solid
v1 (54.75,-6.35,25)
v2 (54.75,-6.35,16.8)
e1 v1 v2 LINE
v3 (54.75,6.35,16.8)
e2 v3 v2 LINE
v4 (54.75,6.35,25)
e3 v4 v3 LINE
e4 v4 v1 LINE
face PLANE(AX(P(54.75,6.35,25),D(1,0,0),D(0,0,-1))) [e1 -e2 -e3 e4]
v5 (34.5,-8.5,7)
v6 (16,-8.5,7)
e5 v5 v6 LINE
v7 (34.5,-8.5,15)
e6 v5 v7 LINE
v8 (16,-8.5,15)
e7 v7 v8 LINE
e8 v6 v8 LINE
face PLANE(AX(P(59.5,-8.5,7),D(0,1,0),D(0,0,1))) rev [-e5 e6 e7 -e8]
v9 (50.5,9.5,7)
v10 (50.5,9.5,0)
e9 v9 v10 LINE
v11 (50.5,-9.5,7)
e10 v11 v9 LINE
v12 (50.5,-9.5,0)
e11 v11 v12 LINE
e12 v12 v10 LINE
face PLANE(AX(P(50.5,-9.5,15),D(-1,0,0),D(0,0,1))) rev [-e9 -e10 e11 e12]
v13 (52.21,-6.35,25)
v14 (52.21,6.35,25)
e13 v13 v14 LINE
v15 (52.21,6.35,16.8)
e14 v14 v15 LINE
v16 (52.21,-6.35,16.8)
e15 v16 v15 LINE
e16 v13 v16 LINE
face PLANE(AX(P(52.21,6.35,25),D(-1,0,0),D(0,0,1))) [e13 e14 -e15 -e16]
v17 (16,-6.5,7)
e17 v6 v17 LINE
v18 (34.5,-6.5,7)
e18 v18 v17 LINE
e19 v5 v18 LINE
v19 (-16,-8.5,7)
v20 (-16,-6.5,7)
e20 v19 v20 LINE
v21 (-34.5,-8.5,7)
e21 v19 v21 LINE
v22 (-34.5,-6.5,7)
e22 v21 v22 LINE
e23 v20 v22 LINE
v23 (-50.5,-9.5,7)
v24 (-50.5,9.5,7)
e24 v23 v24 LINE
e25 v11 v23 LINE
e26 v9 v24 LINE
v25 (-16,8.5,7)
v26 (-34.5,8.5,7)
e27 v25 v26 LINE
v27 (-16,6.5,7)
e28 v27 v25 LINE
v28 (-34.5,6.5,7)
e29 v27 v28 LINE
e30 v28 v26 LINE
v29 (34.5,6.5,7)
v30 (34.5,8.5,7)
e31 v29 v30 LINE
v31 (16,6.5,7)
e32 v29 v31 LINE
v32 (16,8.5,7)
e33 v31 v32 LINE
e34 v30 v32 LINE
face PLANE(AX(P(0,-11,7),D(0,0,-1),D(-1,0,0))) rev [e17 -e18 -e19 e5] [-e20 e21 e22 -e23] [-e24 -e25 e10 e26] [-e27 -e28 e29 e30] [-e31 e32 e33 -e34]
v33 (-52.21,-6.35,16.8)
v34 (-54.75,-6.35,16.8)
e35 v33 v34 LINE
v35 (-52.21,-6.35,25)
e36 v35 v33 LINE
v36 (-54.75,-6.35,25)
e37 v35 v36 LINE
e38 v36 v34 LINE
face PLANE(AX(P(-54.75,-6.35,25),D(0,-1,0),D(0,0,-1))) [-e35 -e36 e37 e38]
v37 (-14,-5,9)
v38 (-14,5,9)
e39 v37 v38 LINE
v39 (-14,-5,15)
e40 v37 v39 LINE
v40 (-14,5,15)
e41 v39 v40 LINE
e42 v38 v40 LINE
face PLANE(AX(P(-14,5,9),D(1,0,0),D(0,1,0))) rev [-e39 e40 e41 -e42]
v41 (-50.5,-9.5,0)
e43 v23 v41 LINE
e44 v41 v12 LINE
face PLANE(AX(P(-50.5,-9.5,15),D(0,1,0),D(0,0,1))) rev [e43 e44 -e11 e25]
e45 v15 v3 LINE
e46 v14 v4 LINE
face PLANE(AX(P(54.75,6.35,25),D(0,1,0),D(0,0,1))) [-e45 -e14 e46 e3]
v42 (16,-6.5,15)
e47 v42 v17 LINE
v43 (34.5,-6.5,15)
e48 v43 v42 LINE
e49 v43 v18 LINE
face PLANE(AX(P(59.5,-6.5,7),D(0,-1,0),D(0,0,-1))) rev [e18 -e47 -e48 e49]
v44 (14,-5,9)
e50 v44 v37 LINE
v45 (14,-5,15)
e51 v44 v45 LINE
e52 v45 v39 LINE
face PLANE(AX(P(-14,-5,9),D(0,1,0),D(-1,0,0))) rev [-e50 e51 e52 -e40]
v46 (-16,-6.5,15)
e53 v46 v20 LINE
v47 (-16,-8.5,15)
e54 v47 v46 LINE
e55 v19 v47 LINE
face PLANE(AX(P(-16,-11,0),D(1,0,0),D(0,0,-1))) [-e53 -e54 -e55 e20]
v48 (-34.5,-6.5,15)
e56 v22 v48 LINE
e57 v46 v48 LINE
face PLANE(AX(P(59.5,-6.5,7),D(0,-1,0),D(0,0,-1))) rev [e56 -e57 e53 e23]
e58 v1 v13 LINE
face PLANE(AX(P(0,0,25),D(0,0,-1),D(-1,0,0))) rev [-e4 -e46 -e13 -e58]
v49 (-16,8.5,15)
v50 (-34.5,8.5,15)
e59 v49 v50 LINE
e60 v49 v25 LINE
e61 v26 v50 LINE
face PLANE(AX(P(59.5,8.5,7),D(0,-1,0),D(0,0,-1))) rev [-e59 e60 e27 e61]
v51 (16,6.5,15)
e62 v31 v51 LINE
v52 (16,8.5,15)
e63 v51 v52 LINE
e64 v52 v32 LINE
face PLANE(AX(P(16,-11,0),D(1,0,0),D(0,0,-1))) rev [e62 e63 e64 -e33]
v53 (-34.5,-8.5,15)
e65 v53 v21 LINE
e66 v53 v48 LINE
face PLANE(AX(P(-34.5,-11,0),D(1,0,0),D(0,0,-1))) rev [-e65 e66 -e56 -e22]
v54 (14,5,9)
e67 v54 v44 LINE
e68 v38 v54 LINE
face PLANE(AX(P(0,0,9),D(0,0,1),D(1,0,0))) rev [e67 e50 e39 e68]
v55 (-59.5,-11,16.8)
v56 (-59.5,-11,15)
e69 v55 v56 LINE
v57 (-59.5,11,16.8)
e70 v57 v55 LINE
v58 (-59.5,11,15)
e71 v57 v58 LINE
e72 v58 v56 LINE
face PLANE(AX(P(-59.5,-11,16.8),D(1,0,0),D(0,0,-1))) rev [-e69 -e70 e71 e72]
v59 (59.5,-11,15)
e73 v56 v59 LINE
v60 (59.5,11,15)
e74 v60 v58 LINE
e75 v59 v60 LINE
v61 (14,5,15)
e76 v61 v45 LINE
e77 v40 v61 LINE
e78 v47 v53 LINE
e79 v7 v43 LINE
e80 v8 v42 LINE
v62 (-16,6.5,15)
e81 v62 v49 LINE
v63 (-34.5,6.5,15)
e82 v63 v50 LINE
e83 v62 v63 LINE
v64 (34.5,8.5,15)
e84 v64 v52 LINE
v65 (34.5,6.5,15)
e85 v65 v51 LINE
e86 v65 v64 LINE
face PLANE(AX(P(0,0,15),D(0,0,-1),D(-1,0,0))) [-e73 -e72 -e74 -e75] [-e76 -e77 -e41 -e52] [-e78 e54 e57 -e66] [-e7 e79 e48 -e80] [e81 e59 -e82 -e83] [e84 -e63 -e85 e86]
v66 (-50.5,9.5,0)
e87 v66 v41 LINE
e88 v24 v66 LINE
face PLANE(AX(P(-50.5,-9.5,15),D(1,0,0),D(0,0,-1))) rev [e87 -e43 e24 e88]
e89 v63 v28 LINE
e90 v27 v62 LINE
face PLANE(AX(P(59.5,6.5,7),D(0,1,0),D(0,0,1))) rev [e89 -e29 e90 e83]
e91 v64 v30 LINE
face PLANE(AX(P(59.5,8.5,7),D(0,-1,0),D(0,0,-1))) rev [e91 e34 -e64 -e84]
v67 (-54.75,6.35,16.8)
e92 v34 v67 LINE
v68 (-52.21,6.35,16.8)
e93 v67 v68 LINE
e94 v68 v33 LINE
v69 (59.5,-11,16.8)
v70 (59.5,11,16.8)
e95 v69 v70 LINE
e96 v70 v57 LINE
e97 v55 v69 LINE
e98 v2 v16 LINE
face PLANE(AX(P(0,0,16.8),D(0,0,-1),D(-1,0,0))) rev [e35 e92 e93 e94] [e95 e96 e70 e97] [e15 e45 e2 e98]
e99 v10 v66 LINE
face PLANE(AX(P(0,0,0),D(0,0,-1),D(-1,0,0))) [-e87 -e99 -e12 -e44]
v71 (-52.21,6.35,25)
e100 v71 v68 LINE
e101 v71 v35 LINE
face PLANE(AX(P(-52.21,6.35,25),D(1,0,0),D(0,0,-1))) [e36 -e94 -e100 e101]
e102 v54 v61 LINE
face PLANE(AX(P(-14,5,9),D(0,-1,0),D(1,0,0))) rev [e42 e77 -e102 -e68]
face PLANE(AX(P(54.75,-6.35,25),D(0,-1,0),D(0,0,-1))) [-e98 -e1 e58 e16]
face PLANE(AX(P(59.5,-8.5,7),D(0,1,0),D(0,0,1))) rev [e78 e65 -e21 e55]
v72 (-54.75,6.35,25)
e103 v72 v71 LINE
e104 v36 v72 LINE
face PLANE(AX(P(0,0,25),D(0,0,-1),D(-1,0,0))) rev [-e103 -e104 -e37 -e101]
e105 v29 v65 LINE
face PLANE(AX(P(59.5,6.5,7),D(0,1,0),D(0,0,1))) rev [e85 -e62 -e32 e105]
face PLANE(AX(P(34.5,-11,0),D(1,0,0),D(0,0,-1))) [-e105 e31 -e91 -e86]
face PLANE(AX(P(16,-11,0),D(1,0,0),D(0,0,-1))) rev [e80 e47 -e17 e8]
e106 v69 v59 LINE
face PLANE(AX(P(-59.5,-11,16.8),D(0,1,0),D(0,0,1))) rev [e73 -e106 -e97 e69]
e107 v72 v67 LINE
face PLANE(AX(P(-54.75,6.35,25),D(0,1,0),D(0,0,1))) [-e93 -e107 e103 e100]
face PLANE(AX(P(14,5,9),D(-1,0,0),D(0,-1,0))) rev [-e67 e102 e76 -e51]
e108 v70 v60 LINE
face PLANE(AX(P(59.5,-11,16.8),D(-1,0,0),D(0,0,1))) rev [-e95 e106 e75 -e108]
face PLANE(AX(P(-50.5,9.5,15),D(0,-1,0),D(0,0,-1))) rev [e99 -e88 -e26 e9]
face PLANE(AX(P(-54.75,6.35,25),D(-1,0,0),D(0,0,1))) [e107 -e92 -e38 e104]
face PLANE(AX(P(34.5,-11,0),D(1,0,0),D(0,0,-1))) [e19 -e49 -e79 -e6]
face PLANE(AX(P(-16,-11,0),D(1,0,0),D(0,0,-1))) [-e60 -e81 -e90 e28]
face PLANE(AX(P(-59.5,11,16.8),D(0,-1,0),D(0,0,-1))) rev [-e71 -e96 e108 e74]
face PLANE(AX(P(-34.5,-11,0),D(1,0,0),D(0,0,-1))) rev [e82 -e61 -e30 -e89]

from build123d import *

# Parameters (mm, degrees)
ESQUISSE1_W             = 101
ESQUISSE1_H             = 19
BOSS_EXTRU_1_DEPTH      = 15
ESQUISSE2_W             = 119
ESQUISSE2_H             = 22
BOSS_EXTRU_2_DEPTH      = 1.8
ESQUISSE3_W             = 16
ESQUISSE3_H             = 8
ENL_V_MAT_EXTRU_1_DEPTH = 66.136318594
ESQUISSE4_W             = 8
ESQUISSE4_H             = 1
ESQUISSE4_H_2           = 13
ENL_V_MAT_EXTRU_2_DEPTH = 97.120965455
ESQUISSE5_W             = 28
ESQUISSE5_H             = 10
BOSS_EXTRU_3_DEPTH      = 6
ESQUISSE7_W             = 2.54
ESQUISSE7_H             = 12.7
BOSS_EXTRU_4_DEPTH      = 10


with BuildPart() as part:
    # Esquisse1 → Boss.-Extru.1 (new body)
    with BuildSketch(Plane.XY):
        Rectangle(ESQUISSE1_W, ESQUISSE1_H)
    extrude(amount=BOSS_EXTRU_1_DEPTH)

    # Esquisse2 → Boss.-Extru.2 (add)
    with BuildSketch(Plane.XY.offset(15)):
        Rectangle(ESQUISSE2_W, ESQUISSE2_H)
    extrude(amount=BOSS_EXTRU_2_DEPTH)

    # Esquisse3 → Enlèv. mat.-Extru.1 (cut, through all)
    with BuildSketch(Plane(origin=(0, 9.5, 0), x_dir=(1, 0, 0), z_dir=(0, 1, 0))):
        with Locations((-8, -11)):
            Rectangle(ESQUISSE3_W, ESQUISSE3_H)
        with Locations((8, -11)):
            Rectangle(ESQUISSE3_W, ESQUISSE3_H)
        with Locations((42.5, -11)):
            Rectangle(ESQUISSE3_W, ESQUISSE3_H)
        with Locations((-42.5, -11)):
            Rectangle(ESQUISSE3_W, ESQUISSE3_H)
    extrude(amount=-ENL_V_MAT_EXTRU_1_DEPTH, mode=Mode.SUBTRACT)

    # Esquisse4 → Enlèv. mat.-Extru.2 (cut, through all)
    with BuildSketch(Plane.ZY.offset(34.5)):
        with Locations((11, 9)):
            Rectangle(ESQUISSE4_W, ESQUISSE4_H)
        with Locations((11, 0)):
            Rectangle(ESQUISSE4_W, ESQUISSE4_H_2)
        with Locations((11, -9)):
            Rectangle(ESQUISSE4_W, ESQUISSE4_H)
    extrude(amount=-ENL_V_MAT_EXTRU_2_DEPTH, mode=Mode.SUBTRACT)

    # Esquisse5 → Boss.-Extru.3 (add)
    with BuildSketch(Plane(origin=(0, 0, 15), x_dir=(-1, 0, 0), z_dir=(0, 0, -1))):
        Rectangle(ESQUISSE5_W, ESQUISSE5_H)
    extrude(amount=BOSS_EXTRU_3_DEPTH)

    # Esquisse7 → Boss.-Extru.4 (add)
    with BuildSketch(Plane(origin=(0, 0, 15), x_dir=(-1, 0, 0), z_dir=(0, 0, -1))):
        with Locations((-53.48, 0)):
            Rectangle(ESQUISSE7_W, ESQUISSE7_H)
        with Locations((53.48, 0)):
            Rectangle(ESQUISSE7_W, ESQUISSE7_H)
    extrude(amount=-BOSS_EXTRU_4_DEPTH)


solid = part.part
